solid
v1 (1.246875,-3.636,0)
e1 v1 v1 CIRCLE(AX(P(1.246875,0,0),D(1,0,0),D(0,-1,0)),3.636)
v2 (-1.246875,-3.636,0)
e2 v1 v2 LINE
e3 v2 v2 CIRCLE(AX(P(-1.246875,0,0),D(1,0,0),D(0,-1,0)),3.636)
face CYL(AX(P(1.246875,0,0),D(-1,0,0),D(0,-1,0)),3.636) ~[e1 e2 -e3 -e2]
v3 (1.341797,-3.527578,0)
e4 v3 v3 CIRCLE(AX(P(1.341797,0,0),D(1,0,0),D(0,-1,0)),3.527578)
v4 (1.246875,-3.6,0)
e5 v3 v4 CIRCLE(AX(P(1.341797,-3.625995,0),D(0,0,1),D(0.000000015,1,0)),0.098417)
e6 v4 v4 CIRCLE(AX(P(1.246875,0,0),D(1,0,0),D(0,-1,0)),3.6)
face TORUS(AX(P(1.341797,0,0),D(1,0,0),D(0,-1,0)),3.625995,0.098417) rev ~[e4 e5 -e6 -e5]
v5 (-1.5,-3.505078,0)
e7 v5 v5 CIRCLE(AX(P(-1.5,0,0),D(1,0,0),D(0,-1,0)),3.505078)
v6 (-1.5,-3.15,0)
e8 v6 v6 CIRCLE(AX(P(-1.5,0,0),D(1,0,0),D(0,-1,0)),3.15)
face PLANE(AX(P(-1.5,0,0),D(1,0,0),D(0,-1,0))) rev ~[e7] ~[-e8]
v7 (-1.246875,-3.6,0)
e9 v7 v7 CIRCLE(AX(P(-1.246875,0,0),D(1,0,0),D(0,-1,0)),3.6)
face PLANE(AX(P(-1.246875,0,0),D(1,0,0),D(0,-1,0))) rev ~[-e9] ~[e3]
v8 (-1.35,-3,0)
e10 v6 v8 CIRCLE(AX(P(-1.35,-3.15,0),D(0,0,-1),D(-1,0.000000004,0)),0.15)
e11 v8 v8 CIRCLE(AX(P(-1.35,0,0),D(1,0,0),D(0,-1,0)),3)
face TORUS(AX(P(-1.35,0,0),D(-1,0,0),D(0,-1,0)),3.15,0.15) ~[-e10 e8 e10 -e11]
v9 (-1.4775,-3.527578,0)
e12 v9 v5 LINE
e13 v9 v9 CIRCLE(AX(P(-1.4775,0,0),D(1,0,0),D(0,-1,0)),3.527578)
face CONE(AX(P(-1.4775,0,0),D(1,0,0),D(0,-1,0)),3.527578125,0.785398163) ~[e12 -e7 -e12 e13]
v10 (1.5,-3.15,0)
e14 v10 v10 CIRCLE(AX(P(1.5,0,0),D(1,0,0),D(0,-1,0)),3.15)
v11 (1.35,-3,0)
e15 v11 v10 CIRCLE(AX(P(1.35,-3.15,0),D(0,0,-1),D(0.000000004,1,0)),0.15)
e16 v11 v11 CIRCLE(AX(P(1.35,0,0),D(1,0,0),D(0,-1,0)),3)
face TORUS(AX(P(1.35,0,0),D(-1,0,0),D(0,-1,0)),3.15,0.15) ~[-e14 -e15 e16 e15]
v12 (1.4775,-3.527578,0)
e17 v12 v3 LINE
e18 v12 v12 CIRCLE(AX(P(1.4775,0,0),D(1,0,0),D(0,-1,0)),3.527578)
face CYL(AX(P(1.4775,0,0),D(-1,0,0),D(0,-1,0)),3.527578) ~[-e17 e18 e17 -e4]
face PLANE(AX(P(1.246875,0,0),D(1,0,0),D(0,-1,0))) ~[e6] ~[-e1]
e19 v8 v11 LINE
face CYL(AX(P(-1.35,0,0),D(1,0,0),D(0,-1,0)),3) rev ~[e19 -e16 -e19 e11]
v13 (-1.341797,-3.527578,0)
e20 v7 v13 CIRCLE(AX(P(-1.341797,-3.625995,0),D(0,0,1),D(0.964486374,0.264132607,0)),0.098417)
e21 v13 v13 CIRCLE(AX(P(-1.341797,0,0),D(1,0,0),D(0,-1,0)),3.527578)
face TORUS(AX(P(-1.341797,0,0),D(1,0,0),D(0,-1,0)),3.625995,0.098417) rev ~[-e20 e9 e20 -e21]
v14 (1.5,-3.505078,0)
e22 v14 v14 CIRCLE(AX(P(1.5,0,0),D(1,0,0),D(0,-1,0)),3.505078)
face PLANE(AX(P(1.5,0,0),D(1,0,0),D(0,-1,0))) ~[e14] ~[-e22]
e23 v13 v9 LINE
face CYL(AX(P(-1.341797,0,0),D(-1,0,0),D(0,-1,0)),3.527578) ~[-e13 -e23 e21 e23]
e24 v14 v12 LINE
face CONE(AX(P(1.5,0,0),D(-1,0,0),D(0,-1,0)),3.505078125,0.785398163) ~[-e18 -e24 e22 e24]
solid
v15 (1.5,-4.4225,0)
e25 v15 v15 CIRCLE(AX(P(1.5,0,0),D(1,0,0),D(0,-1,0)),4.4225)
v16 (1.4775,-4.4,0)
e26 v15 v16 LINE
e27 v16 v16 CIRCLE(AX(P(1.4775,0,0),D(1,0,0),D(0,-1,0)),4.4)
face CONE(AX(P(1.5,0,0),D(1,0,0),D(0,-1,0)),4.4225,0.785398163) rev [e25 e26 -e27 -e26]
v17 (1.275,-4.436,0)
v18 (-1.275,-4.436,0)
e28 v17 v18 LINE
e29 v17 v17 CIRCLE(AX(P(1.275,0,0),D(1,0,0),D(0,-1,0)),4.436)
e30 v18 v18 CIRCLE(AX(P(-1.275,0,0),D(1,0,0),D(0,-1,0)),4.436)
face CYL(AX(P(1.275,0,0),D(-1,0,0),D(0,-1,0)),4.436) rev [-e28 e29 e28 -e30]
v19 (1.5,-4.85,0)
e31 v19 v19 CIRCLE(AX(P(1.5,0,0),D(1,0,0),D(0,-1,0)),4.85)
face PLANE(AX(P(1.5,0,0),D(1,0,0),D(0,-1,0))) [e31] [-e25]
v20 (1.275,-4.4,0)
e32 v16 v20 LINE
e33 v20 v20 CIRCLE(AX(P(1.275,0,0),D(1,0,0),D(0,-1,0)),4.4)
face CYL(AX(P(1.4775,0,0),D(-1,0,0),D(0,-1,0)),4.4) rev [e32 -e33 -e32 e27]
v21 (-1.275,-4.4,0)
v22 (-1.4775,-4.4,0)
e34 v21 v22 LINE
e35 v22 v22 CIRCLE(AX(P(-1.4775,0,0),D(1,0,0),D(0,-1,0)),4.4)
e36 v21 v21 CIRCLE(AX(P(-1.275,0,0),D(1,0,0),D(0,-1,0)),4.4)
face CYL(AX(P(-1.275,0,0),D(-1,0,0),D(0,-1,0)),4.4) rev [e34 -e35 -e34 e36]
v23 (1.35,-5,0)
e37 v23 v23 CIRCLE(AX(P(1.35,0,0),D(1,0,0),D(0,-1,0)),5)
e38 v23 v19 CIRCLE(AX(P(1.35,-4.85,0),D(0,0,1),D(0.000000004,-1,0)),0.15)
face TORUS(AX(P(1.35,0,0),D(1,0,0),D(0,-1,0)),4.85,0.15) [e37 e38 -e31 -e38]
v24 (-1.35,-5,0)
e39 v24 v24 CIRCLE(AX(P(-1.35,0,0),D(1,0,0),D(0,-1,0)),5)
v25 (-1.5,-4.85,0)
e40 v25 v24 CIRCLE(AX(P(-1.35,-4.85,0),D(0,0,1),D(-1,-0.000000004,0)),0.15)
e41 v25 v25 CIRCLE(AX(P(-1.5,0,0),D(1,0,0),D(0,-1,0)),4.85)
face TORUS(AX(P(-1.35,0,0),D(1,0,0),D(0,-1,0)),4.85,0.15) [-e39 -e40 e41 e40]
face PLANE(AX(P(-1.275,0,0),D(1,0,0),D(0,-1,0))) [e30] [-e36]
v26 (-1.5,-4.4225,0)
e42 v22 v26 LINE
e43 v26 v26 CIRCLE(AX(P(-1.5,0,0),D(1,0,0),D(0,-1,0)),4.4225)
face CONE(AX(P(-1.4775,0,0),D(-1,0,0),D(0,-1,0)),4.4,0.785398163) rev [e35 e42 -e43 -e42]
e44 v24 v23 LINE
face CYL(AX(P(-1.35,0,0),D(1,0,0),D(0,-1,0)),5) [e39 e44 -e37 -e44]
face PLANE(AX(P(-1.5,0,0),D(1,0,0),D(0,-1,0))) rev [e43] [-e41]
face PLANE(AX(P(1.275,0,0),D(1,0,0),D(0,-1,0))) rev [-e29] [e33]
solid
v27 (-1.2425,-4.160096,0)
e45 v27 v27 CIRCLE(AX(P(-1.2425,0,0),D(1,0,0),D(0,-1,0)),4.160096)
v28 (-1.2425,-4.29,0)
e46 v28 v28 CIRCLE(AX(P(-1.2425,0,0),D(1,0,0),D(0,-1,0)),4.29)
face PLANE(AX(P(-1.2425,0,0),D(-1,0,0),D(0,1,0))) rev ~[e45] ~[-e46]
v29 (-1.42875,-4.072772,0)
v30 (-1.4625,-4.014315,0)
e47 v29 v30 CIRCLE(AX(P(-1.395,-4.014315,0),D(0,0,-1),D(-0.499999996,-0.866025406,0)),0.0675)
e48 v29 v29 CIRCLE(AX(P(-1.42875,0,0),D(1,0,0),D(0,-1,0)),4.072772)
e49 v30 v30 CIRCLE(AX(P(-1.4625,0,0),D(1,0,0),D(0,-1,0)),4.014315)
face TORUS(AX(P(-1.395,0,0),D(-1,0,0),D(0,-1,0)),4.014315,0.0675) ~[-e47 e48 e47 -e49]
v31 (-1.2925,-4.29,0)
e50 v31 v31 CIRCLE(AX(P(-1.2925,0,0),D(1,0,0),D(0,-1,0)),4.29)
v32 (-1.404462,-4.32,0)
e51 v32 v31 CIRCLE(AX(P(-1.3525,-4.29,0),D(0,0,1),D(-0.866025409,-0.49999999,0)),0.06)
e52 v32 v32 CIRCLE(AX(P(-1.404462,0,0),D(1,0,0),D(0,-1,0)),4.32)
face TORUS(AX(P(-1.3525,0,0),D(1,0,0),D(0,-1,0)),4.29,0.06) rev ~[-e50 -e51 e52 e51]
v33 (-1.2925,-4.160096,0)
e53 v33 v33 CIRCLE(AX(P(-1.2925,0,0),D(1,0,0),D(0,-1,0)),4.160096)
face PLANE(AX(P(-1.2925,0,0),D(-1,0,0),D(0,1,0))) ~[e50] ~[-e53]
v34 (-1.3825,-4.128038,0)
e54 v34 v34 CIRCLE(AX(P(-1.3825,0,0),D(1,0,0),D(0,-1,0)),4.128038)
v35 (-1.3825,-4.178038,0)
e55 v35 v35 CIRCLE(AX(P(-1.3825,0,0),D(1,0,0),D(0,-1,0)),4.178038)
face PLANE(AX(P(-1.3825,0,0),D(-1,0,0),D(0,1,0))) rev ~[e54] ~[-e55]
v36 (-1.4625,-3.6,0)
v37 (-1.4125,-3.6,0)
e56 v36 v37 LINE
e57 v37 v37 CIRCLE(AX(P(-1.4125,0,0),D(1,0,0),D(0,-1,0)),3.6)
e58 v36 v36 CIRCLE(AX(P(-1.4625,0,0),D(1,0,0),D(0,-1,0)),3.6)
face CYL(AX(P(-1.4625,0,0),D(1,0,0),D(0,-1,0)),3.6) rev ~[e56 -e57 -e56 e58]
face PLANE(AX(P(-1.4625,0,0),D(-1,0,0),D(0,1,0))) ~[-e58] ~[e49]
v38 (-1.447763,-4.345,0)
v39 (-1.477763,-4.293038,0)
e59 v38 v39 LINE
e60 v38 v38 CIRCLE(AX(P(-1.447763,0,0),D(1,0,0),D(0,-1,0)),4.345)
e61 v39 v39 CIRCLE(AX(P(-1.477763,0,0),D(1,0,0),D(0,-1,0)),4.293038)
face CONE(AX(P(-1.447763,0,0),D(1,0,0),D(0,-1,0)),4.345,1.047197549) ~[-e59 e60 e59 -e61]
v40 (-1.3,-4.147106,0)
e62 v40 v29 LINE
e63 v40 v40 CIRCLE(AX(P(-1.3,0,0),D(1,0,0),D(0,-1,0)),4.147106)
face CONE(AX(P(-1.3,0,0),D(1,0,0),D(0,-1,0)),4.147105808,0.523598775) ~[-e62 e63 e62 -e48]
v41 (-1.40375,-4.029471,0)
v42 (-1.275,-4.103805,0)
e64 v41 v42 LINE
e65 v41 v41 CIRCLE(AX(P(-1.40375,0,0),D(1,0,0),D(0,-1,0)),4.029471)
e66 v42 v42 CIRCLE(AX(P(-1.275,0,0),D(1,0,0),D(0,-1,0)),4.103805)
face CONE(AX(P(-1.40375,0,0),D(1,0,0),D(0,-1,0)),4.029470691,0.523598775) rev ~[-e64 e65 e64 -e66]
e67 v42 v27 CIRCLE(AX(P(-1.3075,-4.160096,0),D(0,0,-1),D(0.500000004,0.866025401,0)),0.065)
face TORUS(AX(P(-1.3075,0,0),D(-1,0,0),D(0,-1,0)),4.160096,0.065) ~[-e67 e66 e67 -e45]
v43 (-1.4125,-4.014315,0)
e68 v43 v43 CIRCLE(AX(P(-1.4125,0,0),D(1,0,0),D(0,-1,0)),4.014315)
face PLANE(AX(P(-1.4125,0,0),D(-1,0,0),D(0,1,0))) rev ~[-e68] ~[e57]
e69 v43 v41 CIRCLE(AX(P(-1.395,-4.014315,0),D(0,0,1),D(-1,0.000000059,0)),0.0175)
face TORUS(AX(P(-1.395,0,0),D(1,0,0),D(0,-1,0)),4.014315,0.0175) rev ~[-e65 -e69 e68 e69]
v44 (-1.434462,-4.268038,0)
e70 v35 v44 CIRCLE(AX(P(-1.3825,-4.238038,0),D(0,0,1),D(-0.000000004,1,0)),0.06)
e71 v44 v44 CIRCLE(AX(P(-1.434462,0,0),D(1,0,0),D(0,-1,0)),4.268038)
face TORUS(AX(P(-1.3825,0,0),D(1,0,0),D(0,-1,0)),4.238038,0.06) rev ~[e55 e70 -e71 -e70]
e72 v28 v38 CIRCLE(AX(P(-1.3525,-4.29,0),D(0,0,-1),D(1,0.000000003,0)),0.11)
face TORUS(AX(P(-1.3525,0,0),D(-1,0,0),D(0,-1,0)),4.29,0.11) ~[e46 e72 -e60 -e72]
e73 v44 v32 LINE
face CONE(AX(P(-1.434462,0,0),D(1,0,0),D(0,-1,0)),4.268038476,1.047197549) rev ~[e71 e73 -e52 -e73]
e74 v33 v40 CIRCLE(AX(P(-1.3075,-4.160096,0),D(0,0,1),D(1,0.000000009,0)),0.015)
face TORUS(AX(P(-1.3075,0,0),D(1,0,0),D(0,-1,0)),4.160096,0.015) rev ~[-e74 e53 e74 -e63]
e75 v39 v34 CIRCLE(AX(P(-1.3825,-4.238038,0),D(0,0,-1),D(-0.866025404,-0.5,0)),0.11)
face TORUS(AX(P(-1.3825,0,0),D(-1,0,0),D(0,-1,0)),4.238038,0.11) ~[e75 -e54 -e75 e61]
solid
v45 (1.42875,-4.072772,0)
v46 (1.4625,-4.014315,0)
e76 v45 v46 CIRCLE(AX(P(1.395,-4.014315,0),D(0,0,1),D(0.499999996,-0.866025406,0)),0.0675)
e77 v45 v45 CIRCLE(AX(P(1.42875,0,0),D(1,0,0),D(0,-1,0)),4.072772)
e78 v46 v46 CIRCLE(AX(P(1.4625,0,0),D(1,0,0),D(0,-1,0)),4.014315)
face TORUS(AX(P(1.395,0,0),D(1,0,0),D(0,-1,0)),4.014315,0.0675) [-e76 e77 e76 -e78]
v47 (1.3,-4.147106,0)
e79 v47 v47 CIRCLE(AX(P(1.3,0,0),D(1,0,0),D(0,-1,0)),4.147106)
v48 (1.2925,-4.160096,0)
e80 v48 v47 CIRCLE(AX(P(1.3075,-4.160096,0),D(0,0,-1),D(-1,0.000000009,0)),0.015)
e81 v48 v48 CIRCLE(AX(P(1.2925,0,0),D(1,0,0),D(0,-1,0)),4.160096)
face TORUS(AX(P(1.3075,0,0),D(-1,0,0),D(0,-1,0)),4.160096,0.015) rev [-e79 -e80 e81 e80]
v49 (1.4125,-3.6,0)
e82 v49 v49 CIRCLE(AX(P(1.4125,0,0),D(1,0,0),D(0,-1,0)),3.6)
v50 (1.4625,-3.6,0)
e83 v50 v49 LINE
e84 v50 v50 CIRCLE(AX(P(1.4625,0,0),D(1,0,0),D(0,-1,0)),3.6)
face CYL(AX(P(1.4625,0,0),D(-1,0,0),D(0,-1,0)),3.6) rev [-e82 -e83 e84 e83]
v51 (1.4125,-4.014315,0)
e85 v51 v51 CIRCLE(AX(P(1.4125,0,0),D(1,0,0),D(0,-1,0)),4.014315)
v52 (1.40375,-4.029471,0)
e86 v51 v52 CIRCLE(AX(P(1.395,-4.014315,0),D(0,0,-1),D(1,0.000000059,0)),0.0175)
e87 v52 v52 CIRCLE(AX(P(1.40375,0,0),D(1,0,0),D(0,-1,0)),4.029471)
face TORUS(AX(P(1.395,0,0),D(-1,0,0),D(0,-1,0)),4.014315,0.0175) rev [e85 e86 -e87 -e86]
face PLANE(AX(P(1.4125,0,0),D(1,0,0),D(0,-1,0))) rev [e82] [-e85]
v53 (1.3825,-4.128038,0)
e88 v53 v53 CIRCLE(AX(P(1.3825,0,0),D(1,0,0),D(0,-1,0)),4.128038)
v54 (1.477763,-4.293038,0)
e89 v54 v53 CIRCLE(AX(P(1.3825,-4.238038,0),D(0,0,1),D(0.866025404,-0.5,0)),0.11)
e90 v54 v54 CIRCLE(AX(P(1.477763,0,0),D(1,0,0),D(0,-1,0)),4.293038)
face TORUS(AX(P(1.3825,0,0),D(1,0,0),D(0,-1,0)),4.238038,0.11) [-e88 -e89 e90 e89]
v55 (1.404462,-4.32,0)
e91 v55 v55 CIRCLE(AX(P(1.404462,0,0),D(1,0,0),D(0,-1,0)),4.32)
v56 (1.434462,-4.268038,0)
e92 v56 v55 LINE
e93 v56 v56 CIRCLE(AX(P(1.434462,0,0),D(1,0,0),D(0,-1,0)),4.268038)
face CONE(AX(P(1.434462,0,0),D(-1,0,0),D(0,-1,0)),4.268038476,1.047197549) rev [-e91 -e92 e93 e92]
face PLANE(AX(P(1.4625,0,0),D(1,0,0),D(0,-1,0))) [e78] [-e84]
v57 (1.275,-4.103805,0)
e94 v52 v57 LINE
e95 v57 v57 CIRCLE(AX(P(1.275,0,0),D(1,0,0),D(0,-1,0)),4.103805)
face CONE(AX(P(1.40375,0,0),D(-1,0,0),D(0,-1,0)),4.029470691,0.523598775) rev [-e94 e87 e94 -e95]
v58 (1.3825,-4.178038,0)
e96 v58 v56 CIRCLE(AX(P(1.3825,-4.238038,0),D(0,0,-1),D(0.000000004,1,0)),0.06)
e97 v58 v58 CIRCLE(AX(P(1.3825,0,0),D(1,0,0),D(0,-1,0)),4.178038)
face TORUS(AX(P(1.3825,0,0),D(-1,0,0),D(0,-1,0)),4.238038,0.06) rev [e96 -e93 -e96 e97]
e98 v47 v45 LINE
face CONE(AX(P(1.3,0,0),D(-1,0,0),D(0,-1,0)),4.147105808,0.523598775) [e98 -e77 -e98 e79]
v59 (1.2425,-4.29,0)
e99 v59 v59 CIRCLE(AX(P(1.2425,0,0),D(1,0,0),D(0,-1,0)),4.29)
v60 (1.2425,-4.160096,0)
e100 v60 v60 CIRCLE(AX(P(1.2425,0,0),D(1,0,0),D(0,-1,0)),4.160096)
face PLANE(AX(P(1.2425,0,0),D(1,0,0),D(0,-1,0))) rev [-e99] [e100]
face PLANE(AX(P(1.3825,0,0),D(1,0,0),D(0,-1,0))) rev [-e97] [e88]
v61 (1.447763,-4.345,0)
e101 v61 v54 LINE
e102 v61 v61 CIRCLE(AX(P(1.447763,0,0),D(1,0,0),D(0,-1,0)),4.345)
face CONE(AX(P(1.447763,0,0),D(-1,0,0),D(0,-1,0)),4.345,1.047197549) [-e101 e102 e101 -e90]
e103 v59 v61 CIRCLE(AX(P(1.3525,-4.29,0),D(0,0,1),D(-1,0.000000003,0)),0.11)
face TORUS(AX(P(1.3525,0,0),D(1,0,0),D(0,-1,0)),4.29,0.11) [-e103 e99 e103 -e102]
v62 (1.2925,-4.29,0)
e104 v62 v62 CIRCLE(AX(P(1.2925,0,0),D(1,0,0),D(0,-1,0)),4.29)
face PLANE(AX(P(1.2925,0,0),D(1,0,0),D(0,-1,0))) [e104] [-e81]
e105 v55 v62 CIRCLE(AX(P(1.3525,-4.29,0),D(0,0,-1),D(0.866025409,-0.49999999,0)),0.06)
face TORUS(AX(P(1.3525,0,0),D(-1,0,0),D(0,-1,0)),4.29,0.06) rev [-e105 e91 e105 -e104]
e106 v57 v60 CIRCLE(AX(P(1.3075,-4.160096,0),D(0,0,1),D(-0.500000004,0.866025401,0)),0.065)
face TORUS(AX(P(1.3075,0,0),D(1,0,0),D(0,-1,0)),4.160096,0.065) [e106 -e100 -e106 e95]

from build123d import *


with BuildPart() as part:
    # Sketch3 → Revolve1 (revolve)
    with BuildSketch(Plane.XY, mode=Mode.PRIVATE) as revolve1_sk:
        with BuildLine():
            Line((-1.35, 5), (1.35, 5))
            ThreePointArc((1.35, 5), (1.456066017, 4.956066017), (1.5, 4.85))
            Line((1.5, 4.85), (1.5, 4.4225))
            Line((1.5, 4.4225), (1.4775, 4.4))
            Line((1.4775, 4.4), (1.275, 4.4))
            Line((1.275, 4.4), (1.275, 4.436))
            Line((1.275, 4.436), (-1.275, 4.436))
            Line((-1.275, 4.436), (-1.275, 4.4))
            Line((-1.275, 4.4), (-1.4775, 4.4))
            Line((-1.4775, 4.4), (-1.5, 4.4225))
            Line((-1.5, 4.4225), (-1.5, 4.85))
            ThreePointArc((-1.5, 4.85), (-1.456066017, 4.956066017), (-1.35, 5))
        make_face()
        with BuildLine():
            Line((-1.4775, 3.527578125), (-1.5, 3.505078125))
            Line((-1.5, 3.505078125), (-1.5, 3.15))
            ThreePointArc((-1.5, 3.15), (-1.456066017, 3.043933983), (-1.35, 3))
            Line((-1.35, 3), (1.35, 3))
            ThreePointArc((1.35, 3), (1.456066017, 3.043933983), (1.5, 3.15))
            Line((1.5, 3.15), (1.5, 3.505078125))
            Line((1.5, 3.505078125), (1.4775, 3.527578125))
            Line((1.4775, 3.527578125), (1.341796875, 3.527578125))
            ThreePointArc((1.341796875, 3.527578125), (1.282099533, 3.547751057), (1.246875, 3.6))
            Line((1.246875, 3.6), (1.246875, 3.636))
            Line((1.246875, 3.636), (-1.246875, 3.636))
            Line((-1.246875, 3.636), (-1.246875, 3.6))
            ThreePointArc((-1.246875, 3.6), (-1.282099533, 3.547751057), (-1.341796875, 3.527578125))
            Line((-1.341796875, 3.527578125), (-1.4775, 3.527578125))
        make_face()
    revolve(revolve1_sk.sketch.rotate(Axis((-1.35, 0, 0), (1, 0, 0)), 180), axis=Axis((-1.35, 0, 0), (1, 0, 0)))


with BuildPart() as body_2:
    # Sketch4 → Revolve-Thin1 (revolve)
    with BuildSketch(Plane.XY, mode=Mode.PRIVATE) as revolve_thin1_sk:
        with BuildLine():
            ThreePointArc((1.3825, 4.178038476), (1.434461524, 4.208038476), (1.434461524, 4.268038476))
            Line((1.434461524, 4.268038476), (1.404461524, 4.32))
            ThreePointArc((1.404461524, 4.32), (1.336970857, 4.34795555), (1.2925, 4.29))
            Line((1.2925, 4.29), (1.2925, 4.160096189))
            ThreePointArc((1.2925, 4.160096189), (1.294509619, 4.152596189), (1.3, 4.147105808))
            Line((1.3, 4.147105808), (1.42875, 4.072771961))
            ThreePointArc((1.42875, 4.072771961), (1.453456715, 4.048065246), (1.4625, 4.014315246))
            Line((1.4625, 4.014315246), (1.4625, 3.6))
            Line((1.4625, 3.6), (1.4125, 3.6))
            Line((1.4125, 3.6), (1.4125, 4.014315246))
            ThreePointArc((1.4125, 4.014315246), (1.410155445, 4.023065246), (1.40375, 4.029470691))
            Line((1.40375, 4.029470691), (1.275, 4.103804538))
            ThreePointArc((1.275, 4.103804538), (1.251208349, 4.127596189), (1.2425, 4.160096189))
            Line((1.2425, 4.160096189), (1.2425, 4.29))
            ThreePointArc((1.2425, 4.29), (1.324029905, 4.396251841), (1.447762794, 4.345))
            Line((1.447762794, 4.345), (1.477762794, 4.293038476))
            ThreePointArc((1.477762794, 4.293038476), (1.477762794, 4.183038476), (1.3825, 4.128038476))
            Line((1.3825, 4.128038476), (1.3825, 4.178038476))
        make_face()
    revolve(revolve_thin1_sk.sketch.rotate(Axis((-1.35, 0, 0), (1, 0, 0)), 180), axis=Axis((-1.35, 0, 0), (1, 0, 0)))


with BuildPart() as body_3:
    # Mirror2: mirrored copy
    add(body_2.part.mirror(Plane(origin=(0, 0, 0), x_dir=(0, 0, 1), z_dir=(1, 0, 0))))


with BuildPart() as body_3_2:
    # Mirror1: mirrored copy
    add(body_2.part.mirror(Plane(origin=(0, 0, 0), x_dir=(0, 0, 1), z_dir=(1, 0, 0))))


solid = Compound([part.part, body_2.part, body_3_2.part])
